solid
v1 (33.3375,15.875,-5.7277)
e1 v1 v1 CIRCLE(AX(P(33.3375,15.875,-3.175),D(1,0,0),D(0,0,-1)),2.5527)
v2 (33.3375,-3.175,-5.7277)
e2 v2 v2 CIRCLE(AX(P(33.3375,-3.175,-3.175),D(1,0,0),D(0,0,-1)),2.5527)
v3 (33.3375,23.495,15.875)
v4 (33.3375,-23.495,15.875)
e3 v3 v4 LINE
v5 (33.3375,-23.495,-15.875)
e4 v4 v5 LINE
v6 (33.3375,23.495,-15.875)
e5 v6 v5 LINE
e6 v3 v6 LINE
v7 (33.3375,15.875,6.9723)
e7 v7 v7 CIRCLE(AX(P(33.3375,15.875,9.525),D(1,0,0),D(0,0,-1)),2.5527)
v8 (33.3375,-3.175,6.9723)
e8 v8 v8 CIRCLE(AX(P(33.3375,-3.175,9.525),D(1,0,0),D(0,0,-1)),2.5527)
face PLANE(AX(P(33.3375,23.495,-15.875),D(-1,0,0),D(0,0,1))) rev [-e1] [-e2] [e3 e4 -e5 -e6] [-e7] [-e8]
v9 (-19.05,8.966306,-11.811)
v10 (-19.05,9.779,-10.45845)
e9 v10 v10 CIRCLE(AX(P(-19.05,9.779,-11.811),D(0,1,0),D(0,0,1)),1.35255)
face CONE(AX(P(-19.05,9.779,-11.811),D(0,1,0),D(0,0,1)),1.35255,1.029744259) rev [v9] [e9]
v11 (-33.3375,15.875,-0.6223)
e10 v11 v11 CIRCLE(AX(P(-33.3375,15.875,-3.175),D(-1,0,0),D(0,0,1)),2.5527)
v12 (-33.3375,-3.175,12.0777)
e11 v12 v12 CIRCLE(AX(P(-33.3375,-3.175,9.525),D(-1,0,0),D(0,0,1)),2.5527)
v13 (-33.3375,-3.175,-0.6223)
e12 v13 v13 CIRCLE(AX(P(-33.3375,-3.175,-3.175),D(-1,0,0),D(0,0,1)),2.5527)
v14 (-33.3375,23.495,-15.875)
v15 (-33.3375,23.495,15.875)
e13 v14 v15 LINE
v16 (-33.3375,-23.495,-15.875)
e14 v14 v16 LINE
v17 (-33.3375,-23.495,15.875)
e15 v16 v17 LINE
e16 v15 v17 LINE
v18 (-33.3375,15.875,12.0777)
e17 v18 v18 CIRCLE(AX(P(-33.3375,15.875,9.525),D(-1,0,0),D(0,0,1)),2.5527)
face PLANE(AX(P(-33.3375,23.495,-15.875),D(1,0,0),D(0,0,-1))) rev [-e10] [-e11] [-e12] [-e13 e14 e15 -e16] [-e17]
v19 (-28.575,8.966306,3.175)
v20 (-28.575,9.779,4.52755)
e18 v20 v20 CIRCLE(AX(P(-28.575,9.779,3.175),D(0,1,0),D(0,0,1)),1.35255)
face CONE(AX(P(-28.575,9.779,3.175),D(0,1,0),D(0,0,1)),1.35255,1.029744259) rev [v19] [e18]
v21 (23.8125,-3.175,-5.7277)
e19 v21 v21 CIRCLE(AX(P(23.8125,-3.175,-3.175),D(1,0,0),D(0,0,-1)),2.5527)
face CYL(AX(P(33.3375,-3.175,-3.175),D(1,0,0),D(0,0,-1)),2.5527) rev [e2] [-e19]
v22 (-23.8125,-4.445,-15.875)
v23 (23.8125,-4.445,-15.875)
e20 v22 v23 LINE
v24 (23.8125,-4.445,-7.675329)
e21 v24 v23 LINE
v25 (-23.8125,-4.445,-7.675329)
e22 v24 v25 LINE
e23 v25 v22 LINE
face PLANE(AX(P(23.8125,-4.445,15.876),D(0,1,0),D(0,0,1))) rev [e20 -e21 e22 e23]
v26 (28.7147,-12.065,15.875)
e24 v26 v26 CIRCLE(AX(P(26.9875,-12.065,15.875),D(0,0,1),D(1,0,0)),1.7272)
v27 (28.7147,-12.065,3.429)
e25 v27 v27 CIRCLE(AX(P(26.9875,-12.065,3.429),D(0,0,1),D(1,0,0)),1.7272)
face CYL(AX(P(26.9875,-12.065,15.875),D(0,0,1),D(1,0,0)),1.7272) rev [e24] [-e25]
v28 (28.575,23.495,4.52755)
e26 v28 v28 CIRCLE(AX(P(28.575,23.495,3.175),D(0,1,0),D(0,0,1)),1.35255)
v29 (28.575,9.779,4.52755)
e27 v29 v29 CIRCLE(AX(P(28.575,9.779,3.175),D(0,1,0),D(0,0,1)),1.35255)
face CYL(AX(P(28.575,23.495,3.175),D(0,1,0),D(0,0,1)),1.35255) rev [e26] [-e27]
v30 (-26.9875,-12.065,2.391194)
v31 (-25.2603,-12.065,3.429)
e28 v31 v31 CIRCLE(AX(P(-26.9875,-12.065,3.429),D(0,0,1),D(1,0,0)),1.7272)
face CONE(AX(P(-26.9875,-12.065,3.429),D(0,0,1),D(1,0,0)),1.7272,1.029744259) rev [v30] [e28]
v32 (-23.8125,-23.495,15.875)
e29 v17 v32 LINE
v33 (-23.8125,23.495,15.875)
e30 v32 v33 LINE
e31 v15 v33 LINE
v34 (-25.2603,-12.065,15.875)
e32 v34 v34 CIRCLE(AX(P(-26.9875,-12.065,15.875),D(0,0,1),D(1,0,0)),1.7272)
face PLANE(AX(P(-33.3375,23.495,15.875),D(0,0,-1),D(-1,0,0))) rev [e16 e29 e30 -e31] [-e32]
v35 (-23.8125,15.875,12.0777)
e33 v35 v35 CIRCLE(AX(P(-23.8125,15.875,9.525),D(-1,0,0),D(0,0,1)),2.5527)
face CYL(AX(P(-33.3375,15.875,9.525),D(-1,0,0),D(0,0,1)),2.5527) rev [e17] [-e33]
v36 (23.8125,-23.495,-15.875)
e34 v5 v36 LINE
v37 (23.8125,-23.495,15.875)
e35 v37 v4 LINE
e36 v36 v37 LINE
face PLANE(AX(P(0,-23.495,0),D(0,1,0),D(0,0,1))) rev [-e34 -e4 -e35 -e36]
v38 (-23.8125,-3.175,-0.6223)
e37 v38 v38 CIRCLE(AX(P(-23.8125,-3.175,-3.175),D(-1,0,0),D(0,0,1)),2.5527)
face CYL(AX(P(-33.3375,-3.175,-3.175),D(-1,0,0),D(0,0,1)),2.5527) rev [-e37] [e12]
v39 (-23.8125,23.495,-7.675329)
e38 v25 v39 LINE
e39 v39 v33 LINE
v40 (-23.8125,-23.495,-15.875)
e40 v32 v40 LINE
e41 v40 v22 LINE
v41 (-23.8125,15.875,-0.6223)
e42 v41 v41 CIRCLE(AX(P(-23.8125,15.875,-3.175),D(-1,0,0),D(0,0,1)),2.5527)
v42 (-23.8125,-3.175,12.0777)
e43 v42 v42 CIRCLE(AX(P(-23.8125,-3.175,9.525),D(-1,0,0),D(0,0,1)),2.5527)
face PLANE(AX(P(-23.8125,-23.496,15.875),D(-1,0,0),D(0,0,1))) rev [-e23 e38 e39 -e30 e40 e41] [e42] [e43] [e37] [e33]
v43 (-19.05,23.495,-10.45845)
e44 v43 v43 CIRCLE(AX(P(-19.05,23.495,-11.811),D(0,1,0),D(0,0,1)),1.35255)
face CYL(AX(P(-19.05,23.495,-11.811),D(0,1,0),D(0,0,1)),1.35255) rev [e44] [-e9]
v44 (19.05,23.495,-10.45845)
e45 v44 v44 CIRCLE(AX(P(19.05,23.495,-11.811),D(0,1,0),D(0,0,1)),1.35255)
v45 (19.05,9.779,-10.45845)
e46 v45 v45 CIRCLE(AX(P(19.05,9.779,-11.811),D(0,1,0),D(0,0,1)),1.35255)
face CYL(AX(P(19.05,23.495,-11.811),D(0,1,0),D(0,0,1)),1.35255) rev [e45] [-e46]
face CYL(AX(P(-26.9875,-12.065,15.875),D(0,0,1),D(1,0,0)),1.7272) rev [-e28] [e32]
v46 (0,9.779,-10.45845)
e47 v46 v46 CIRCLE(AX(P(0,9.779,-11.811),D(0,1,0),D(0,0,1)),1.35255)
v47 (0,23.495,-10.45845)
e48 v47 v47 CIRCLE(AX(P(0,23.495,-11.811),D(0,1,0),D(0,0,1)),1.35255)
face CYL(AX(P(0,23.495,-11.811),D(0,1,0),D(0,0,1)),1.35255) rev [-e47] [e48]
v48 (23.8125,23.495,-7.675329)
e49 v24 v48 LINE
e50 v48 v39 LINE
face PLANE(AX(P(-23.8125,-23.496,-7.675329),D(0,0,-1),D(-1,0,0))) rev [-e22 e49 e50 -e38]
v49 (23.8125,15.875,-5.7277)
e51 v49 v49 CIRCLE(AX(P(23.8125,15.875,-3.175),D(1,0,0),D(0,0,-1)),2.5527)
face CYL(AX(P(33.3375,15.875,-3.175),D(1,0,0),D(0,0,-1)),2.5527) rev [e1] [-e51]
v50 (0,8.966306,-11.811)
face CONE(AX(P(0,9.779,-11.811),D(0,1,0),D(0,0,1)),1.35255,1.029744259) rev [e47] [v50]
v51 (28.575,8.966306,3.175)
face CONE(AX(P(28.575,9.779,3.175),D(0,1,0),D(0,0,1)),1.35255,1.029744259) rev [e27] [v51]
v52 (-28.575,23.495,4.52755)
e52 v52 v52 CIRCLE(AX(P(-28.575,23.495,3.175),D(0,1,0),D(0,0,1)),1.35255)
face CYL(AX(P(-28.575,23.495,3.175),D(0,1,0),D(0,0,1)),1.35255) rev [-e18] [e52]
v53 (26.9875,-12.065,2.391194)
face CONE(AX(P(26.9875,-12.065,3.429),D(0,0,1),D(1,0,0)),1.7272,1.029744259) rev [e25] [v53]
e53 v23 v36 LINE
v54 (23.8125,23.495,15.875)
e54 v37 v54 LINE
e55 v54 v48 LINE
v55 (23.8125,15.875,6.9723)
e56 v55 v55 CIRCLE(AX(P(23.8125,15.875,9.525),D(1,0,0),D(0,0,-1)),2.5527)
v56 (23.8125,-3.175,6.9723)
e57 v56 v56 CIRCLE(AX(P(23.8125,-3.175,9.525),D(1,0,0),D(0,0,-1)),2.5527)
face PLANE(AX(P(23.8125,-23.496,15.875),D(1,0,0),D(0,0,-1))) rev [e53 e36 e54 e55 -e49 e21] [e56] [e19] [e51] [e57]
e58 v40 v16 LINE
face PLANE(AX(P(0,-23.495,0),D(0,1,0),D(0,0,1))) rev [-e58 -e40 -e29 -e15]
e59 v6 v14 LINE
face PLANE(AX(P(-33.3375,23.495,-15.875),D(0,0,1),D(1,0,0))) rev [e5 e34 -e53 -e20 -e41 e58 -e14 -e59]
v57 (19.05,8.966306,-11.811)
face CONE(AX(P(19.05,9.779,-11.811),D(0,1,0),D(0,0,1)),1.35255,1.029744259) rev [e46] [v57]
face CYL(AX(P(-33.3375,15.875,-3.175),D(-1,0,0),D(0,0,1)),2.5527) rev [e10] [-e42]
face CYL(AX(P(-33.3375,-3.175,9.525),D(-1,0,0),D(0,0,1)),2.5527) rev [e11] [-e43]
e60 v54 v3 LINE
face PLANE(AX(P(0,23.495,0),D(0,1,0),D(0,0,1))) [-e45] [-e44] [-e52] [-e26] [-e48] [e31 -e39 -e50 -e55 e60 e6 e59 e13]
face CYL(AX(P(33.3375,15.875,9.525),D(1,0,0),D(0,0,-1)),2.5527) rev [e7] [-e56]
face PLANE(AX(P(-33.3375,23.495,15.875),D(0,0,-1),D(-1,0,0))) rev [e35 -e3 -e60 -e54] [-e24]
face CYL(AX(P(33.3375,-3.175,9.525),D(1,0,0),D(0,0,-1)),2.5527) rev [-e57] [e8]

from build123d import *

# Parameters (mm, degrees)
SKETCH1_W                    = 66.675
SKETCH1_H                    = 31.75
BOSS_EXTRUDE1_DEPTH          = 23.495
CUT_EXTRUDE1_REACH           = 61.762
SKETCH2_W                    = 47.625
SKETCH2_H                    = 23.550328578
CUT_EXTRUDE2_REACH           = 53.686
SKETCH3_W                    = 47.625
SKETCH3_H                    = 19.05
F_1_4_20_TAPPED_HOLE1_REACH  = 74.454
F_1_4_20_TAPPED_HOLE1_BORE_R = 2.5527
F_8_32_TAPPED_HOLE1_D        = 3.4544
F_8_32_TAPPED_HOLE1_DEPTH    = 12.446
F_8_32_TAPPED_HOLE1_TIP      = 1.037806461
F_6_32_TAPPED_HOLE1_D        = 2.7051
F_6_32_TAPPED_HOLE1_DEPTH    = 13.716
F_6_32_TAPPED_HOLE1_TIP      = 0.81269403


with BuildPart() as part:
    # Sketch1 → Boss-Extrude1 (new, symmetric)
    with BuildSketch(Plane(origin=(0, 0, 0), x_dir=(1, 0, 0), z_dir=(0, 1, 0))):
        Rectangle(SKETCH1_W, SKETCH1_H)
    extrude(amount=BOSS_EXTRUDE1_DEPTH, both=True)

    # Sketch2 → Cut-Extrude1 (cut, up to next)
    with BuildSketch(Plane(origin=(0, 23.495, 0), x_dir=(1, 0, 0), z_dir=(0, 1, 0)), mode=Mode.PRIVATE) as cut_extrude1_sk1:
        with Locations((0, -4.099835711)):
            Rectangle(SKETCH2_W, SKETCH2_H)
    cut_extrude1_tool1 = extrude(cut_extrude1_sk1.sketch, amount=-CUT_EXTRUDE1_REACH, mode=Mode.PRIVATE) & part.part
    add(cut_extrude1_tool1.solids().sort_by_distance((0, 23.495, 4.099836))[0], mode=Mode.SUBTRACT)

    # Sketch3 → Cut-Extrude2 (cut, up to next)
    with BuildSketch(Plane(origin=(0, 0, -15.875), x_dir=(-1, 0, 0), z_dir=(0, 0, -1)), mode=Mode.PRIVATE) as cut_extrude2_sk1:
        with Locations((0, -13.97)):
            Rectangle(SKETCH3_W, SKETCH3_H)
    cut_extrude2_tool1 = extrude(cut_extrude2_sk1.sketch, amount=-CUT_EXTRUDE2_REACH, mode=Mode.PRIVATE) & part.part
    add(cut_extrude2_tool1.solids().sort_by_distance((0, -13.97, -15.875))[0], mode=Mode.SUBTRACT)

    # 1/4-20 Tapped Hole1 bore → 1/4-20 Tapped Hole1 (cut, up to next)
    with BuildSketch(Plane(origin=(33.3375, 0, 0), x_dir=(0, 0, -1), z_dir=(1, 0, 0)), mode=Mode.PRIVATE) as f_1_4_20_tapped_hole1_sk1:
        with Locations((-9.525, 15.875)):
            Circle(F_1_4_20_TAPPED_HOLE1_BORE_R)
    f_1_4_20_tapped_hole1_tool1 = extrude(f_1_4_20_tapped_hole1_sk1.sketch, amount=-F_1_4_20_TAPPED_HOLE1_REACH, mode=Mode.PRIVATE) & part.part
    # 1/4-20 Tapped Hole1 bore → 1/4-20 Tapped Hole1 (cut, up to next)
    with BuildSketch(Plane(origin=(33.3375, 0, 0), x_dir=(0, 0, -1), z_dir=(1, 0, 0)), mode=Mode.PRIVATE) as f_1_4_20_tapped_hole1_sk2:
        with Locations((3.175, 15.875)):
            Circle(F_1_4_20_TAPPED_HOLE1_BORE_R)
    f_1_4_20_tapped_hole1_tool2 = extrude(f_1_4_20_tapped_hole1_sk2.sketch, amount=-F_1_4_20_TAPPED_HOLE1_REACH, mode=Mode.PRIVATE) & part.part
    # 1/4-20 Tapped Hole1 bore → 1/4-20 Tapped Hole1 (cut, up to next)
    with BuildSketch(Plane(origin=(33.3375, 0, 0), x_dir=(0, 0, -1), z_dir=(1, 0, 0)), mode=Mode.PRIVATE) as f_1_4_20_tapped_hole1_sk3:
        with Locations((3.175, -3.175)):
            Circle(F_1_4_20_TAPPED_HOLE1_BORE_R)
    f_1_4_20_tapped_hole1_tool3 = extrude(f_1_4_20_tapped_hole1_sk3.sketch, amount=-F_1_4_20_TAPPED_HOLE1_REACH, mode=Mode.PRIVATE) & part.part
    # 1/4-20 Tapped Hole1 bore → 1/4-20 Tapped Hole1 (cut, up to next)
    with BuildSketch(Plane(origin=(33.3375, 0, 0), x_dir=(0, 0, -1), z_dir=(1, 0, 0)), mode=Mode.PRIVATE) as f_1_4_20_tapped_hole1_sk4:
        with Locations((-9.525, -3.175)):
            Circle(F_1_4_20_TAPPED_HOLE1_BORE_R)
    f_1_4_20_tapped_hole1_tool4 = extrude(f_1_4_20_tapped_hole1_sk4.sketch, amount=-F_1_4_20_TAPPED_HOLE1_REACH, mode=Mode.PRIVATE) & part.part
    f_1_4_20_tapped_hole1_1 = f_1_4_20_tapped_hole1_tool1.solids().sort_by_distance((33.3375, 15.875, 9.525))[0]
    add(f_1_4_20_tapped_hole1_1, mode=Mode.SUBTRACT)
    f_1_4_20_tapped_hole1_2 = f_1_4_20_tapped_hole1_tool2.solids().sort_by_distance((33.3375, 15.875, -3.175))[0]
    add(f_1_4_20_tapped_hole1_2, mode=Mode.SUBTRACT)
    f_1_4_20_tapped_hole1_3 = f_1_4_20_tapped_hole1_tool3.solids().sort_by_distance((33.3375, -3.175, -3.175))[0]
    add(f_1_4_20_tapped_hole1_3, mode=Mode.SUBTRACT)
    f_1_4_20_tapped_hole1_4 = f_1_4_20_tapped_hole1_tool4.solids().sort_by_distance((33.3375, -3.175, 9.525))[0]
    add(f_1_4_20_tapped_hole1_4, mode=Mode.SUBTRACT)
    f_1_4_20_tapped_hole1 = f_1_4_20_tapped_hole1_1 + f_1_4_20_tapped_hole1_2 + f_1_4_20_tapped_hole1_3 + f_1_4_20_tapped_hole1_4  # 1/4-20 Tapped Hole1 as one shape, for the pattern or mirror that repeats it

    # Mirror1: 1/4-20 Tapped Hole1 across plane
    add(f_1_4_20_tapped_hole1.mirror(Plane(origin=(0, 0, 0), x_dir=(0, 0, 1), z_dir=(1, 0, 0))), mode=Mode.SUBTRACT)

    # #8-32 Tapped Hole1
    with Locations(Plane.XY.offset(15.875)):
        with Locations((-26.9875, -12.065), (26.9875, -12.065)):
            Hole(F_8_32_TAPPED_HOLE1_D / 2, depth=F_8_32_TAPPED_HOLE1_DEPTH)
            with Locations((0, 0, -(F_8_32_TAPPED_HOLE1_DEPTH + F_8_32_TAPPED_HOLE1_TIP / 2))):  # 118° drill point
                Cone(0, F_8_32_TAPPED_HOLE1_D / 2, F_8_32_TAPPED_HOLE1_TIP, mode=Mode.SUBTRACT)

    # #6-32 Tapped Hole1
    with Locations(Plane(origin=(0, 23.495, 0), x_dir=(1, 0, 0), z_dir=(0, 1, 0))):
        with Locations((0, 11.811), (19.05, 11.811), (-19.05, 11.811), (-28.575, -3.175), (28.575, -3.175)):
            Hole(F_6_32_TAPPED_HOLE1_D / 2, depth=F_6_32_TAPPED_HOLE1_DEPTH)
            with Locations((0, 0, -(F_6_32_TAPPED_HOLE1_DEPTH + F_6_32_TAPPED_HOLE1_TIP / 2))):  # 118° drill point
                Cone(0, F_6_32_TAPPED_HOLE1_D / 2, F_6_32_TAPPED_HOLE1_TIP, mode=Mode.SUBTRACT)


solid = part.part
